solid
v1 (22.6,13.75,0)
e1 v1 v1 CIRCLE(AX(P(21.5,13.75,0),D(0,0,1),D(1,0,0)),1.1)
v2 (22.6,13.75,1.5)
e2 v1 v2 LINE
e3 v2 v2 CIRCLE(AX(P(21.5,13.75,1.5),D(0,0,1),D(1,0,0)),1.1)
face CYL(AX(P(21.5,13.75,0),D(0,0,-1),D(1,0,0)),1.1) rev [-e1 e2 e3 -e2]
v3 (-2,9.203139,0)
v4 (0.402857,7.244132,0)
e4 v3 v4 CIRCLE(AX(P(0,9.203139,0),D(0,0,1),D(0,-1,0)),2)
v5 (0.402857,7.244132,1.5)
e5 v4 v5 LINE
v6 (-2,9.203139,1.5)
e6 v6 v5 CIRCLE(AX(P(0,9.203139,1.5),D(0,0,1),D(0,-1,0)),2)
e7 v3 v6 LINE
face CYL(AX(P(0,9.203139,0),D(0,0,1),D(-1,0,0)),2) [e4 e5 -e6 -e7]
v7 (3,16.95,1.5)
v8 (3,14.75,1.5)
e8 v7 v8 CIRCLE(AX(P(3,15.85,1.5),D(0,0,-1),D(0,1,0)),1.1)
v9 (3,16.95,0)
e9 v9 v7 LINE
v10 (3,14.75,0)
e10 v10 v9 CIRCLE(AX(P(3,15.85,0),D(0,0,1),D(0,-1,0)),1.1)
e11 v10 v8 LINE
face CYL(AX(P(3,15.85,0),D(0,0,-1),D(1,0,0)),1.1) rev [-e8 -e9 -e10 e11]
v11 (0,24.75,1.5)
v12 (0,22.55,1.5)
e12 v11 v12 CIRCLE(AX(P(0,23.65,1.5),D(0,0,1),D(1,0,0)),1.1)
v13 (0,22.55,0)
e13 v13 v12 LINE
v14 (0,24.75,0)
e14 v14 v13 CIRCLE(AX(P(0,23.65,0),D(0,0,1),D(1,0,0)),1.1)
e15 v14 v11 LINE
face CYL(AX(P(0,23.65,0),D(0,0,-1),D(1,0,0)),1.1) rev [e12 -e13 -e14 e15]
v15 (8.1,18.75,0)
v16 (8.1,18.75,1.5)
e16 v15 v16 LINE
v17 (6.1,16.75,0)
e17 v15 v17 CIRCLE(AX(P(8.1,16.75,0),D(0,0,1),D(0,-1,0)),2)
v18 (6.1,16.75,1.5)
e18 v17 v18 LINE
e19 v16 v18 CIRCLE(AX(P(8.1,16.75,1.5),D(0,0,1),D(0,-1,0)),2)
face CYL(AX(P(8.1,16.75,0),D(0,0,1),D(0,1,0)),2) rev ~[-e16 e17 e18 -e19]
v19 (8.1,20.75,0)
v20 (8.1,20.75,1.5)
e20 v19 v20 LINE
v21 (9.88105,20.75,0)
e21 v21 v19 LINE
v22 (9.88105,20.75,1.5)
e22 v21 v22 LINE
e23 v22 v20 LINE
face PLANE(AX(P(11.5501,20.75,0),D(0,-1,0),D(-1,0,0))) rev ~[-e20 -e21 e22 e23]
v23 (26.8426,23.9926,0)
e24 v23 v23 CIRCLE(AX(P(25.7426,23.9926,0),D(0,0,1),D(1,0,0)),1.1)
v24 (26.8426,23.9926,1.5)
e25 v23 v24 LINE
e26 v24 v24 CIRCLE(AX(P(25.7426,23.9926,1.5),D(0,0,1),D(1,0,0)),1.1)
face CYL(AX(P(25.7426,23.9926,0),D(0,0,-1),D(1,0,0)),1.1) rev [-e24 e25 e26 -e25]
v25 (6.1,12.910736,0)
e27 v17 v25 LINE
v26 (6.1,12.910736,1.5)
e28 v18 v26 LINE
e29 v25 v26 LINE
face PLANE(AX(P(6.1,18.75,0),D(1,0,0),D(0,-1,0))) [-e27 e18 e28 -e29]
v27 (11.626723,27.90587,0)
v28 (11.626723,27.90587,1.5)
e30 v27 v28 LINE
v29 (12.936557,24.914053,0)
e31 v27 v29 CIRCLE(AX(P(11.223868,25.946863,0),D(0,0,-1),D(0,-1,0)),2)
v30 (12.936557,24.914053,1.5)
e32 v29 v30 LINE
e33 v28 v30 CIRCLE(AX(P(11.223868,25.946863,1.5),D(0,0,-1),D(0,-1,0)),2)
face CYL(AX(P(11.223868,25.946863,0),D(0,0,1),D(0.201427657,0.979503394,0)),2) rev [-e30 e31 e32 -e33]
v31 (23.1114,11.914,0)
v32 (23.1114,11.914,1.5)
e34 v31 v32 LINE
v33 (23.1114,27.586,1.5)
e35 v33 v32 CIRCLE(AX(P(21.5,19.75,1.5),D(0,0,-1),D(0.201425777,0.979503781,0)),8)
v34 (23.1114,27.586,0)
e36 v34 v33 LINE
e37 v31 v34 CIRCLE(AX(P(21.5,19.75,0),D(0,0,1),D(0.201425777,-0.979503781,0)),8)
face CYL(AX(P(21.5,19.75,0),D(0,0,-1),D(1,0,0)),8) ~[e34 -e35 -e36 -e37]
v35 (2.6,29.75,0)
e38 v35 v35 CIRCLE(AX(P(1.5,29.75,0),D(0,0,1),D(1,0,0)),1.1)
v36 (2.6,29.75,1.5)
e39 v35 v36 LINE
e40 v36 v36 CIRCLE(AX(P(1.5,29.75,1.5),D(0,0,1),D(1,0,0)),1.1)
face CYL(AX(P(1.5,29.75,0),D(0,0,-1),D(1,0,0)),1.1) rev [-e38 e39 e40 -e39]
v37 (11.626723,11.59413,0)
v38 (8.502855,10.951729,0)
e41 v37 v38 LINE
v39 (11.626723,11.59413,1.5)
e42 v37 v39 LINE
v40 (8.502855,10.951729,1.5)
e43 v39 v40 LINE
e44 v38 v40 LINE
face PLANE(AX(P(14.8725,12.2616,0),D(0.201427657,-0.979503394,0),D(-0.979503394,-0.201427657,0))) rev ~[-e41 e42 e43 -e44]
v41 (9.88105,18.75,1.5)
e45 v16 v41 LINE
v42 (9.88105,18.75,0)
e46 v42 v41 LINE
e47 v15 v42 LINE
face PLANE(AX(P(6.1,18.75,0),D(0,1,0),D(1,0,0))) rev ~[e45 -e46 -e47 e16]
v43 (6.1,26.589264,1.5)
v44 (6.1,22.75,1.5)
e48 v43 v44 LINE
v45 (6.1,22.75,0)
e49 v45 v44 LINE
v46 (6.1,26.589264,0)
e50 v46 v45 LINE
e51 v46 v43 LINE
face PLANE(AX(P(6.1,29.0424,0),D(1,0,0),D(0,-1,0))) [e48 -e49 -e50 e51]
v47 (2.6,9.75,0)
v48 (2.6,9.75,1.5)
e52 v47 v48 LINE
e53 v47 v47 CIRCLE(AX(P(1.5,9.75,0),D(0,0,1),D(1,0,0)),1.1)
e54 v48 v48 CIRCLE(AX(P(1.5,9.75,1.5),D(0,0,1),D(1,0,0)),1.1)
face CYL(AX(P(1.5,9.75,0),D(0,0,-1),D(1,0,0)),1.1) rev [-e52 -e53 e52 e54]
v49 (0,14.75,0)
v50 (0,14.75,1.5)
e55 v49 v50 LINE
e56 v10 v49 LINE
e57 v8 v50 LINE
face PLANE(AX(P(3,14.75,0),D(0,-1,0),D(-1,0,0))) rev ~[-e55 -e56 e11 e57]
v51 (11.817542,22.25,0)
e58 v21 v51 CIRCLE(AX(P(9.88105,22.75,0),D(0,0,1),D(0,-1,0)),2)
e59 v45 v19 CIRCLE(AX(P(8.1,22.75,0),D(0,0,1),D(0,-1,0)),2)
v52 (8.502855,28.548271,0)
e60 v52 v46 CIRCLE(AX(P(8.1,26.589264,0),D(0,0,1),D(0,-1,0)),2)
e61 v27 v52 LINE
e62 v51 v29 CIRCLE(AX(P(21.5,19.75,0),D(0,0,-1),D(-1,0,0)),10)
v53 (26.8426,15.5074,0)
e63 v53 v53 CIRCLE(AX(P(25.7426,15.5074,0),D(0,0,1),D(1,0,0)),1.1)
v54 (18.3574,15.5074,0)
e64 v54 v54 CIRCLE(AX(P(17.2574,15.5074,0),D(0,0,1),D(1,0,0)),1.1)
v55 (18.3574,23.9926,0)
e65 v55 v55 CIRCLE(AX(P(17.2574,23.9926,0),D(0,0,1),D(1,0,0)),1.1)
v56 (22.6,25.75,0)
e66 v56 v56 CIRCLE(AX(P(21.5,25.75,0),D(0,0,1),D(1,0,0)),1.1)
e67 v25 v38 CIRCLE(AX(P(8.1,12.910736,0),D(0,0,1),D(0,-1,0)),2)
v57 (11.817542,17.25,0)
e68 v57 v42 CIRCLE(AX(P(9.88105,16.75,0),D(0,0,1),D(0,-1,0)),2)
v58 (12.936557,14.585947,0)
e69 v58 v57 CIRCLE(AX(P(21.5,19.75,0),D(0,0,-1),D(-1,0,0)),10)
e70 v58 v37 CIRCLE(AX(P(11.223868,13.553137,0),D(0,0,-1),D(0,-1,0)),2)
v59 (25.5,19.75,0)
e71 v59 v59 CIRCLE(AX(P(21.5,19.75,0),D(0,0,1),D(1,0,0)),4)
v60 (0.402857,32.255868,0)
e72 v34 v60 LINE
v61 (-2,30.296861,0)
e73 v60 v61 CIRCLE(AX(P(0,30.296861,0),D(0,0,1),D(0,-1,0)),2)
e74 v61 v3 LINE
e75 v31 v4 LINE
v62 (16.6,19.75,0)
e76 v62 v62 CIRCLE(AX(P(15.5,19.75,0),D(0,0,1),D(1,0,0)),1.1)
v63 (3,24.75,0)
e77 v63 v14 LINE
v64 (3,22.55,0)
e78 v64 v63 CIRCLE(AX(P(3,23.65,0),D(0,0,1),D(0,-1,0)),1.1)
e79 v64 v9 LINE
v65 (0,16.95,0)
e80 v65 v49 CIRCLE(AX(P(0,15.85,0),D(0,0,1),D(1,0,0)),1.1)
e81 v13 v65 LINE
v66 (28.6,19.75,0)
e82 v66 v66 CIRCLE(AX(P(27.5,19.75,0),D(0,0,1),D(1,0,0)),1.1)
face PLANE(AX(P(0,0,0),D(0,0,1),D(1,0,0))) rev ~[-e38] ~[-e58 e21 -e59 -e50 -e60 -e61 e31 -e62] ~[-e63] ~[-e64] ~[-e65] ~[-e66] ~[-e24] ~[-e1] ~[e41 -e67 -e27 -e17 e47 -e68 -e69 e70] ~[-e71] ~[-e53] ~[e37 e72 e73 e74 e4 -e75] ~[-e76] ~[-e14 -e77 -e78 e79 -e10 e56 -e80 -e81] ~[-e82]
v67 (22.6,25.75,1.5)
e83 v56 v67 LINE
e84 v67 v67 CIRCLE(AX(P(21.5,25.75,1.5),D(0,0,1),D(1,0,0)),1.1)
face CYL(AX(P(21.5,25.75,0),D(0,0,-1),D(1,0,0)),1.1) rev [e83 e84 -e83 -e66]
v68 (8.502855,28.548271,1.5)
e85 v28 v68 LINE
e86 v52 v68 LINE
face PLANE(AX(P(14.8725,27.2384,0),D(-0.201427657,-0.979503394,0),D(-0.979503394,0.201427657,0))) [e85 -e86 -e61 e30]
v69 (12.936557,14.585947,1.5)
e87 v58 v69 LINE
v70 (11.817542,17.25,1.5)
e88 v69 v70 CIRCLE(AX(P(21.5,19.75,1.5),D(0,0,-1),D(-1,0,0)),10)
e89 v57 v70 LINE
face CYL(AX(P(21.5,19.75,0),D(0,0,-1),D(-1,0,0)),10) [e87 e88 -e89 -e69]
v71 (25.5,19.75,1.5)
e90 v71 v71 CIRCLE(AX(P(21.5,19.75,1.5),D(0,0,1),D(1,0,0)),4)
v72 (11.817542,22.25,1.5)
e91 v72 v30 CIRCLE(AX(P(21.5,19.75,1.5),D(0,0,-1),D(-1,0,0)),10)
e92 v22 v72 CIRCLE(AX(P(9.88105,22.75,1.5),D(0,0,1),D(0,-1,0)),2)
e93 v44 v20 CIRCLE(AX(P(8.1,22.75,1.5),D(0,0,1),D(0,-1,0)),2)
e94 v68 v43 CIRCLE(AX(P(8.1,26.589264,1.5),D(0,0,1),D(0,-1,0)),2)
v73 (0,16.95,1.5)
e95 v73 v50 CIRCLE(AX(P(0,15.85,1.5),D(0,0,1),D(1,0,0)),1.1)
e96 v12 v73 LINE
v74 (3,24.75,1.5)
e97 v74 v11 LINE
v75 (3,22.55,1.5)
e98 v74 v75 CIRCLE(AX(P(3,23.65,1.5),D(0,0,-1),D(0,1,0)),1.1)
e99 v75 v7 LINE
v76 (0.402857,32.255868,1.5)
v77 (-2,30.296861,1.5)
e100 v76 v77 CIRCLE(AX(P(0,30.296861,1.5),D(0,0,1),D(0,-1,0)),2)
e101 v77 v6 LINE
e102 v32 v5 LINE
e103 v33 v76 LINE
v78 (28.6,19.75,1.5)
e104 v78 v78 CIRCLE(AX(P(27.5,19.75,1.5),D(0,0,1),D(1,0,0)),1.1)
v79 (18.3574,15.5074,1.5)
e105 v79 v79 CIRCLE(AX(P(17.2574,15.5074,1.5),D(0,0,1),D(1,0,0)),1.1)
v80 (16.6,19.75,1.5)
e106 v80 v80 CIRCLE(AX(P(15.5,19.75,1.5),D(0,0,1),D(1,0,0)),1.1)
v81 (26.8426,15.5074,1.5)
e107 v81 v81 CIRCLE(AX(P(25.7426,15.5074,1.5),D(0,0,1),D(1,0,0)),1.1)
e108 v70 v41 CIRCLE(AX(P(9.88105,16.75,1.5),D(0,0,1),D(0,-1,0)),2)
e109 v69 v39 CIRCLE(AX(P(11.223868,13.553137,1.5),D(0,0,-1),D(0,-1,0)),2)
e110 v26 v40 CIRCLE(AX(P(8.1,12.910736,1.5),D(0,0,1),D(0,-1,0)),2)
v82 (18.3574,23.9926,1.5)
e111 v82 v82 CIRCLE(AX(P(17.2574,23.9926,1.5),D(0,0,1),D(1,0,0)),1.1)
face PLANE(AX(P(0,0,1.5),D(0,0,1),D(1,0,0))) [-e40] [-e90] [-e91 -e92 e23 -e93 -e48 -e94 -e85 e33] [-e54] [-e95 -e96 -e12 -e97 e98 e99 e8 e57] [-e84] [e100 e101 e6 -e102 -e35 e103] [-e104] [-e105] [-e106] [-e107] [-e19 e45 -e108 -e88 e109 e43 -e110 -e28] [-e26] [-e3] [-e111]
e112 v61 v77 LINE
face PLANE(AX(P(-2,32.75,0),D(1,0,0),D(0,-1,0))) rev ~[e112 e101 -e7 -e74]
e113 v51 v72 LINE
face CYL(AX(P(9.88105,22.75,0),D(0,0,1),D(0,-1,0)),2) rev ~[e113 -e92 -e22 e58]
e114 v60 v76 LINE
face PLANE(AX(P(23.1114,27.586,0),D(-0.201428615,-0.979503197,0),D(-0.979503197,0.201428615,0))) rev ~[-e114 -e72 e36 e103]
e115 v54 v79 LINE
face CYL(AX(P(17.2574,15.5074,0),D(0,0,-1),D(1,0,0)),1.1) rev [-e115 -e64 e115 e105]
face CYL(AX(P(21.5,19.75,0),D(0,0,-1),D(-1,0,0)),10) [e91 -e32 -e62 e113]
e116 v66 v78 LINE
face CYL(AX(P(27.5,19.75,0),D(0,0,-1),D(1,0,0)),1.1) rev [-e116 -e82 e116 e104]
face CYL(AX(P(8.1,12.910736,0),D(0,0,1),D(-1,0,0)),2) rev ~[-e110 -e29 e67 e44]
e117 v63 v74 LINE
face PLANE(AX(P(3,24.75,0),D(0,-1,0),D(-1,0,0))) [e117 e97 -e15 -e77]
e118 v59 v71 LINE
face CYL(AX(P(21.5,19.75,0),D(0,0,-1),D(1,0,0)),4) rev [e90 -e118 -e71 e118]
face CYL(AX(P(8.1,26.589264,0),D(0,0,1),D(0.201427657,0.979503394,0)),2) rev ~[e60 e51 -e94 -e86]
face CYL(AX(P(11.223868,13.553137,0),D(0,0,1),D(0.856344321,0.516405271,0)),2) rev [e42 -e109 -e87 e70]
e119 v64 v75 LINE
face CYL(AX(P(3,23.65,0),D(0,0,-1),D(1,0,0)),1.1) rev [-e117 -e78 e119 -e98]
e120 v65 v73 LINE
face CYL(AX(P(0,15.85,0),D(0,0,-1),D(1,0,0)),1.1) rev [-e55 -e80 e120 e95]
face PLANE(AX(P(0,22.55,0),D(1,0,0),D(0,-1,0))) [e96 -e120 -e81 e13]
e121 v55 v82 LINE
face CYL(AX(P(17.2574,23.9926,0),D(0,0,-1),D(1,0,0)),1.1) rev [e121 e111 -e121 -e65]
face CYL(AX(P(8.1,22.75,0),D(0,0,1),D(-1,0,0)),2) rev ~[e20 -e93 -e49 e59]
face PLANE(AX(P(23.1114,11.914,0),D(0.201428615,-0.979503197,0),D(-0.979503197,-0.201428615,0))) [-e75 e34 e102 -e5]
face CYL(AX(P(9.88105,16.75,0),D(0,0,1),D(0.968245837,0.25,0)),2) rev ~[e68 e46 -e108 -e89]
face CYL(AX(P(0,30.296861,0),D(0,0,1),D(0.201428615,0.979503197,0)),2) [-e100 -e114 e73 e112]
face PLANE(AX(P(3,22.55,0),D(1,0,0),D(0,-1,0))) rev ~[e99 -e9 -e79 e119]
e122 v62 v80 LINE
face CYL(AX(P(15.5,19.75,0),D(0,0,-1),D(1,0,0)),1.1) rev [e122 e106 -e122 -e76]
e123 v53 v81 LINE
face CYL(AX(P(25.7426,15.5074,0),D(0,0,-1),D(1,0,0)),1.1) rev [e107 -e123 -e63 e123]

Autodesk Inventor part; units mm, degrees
ref_plane "YZ Plane" through (0, 0, 0) normal (1, 0, 0) x (0, 1, 0)
ref_plane "XZ Plane" through (0, 0, 0) normal (0, 1, 0) x (-1, 0, 0)
ref_plane "XY Plane" through (0, 0, 0) normal (0, 0, 1) x (1, 0, 0)
sketch "スケッチ1" plane through (0, 0, 0) normal (0, 0, 1) x (1, 0, 0)
  circle A0 centre (1.5, 29.75) radius 0.7835 projected
  circle A1 centre (1.5, 9.75) radius 0.7835 projected
  line L0 (3, 24.75) -> (3, 14.75) projected
  line L1 (0, 24.75) -> (0, 14.75) projected
  line L2 (3, 24.75) -> (0, 24.75) projected
  line L3 (3, 14.75) -> (0, 14.75) projected
  circle A2 centre (3, 23.65) radius 1.1
  line L4 (3, 19.75) -> (0, 19.75) construction
  line L5 (1.5, 19.75) -> (1.5, 24.75) construction
  circle A3 centre (0, 23.65) radius 1.1
  line L6 (3, 14.75) -> (0, 14.75)
  circle A4 centre (3, 15.85) radius 1.1
  circle A5 centre (0, 15.85) radius 1.1
  circle A6 centre (1.5, 29.75) radius 1.1
  circle A7 centre (1.5, 9.75) radius 1.1
  line L7 (5.9977, 32.75) -> (-2, 32.75) construction
  line L8 (-2, 32.75) -> (-2, 6.75)
  line L9 (-2, 6.75) -> (5.9977, 6.75) construction
  line L10 (5.9977, 6.75) -> (5.9977, 32.75) construction
  line L11 (3, 32.75) -> (0, 32.75) projected
  line L12 (0, 6.75) -> (3, 6.75) projected
  circle A8 centre (21.5, 19.75) radius 4
  circle A9 centre (27.5, 19.75) radius 1.1
  circle A10 centre (25.7426, 23.9926) radius 1.1
  circle A11 centre (21.5, 25.75) radius 1.1
  circle A12 centre (17.2574, 23.9926) radius 1.1
  circle A13 centre (15.5, 19.75) radius 1.1
  circle A14 centre (17.2574, 15.5074) radius 1.1
  circle A15 centre (21.5, 13.75) radius 1.1
  circle A16 centre (25.7426, 15.5074) radius 1.1
  circle A17 centre (21.5, 19.75) radius 8
  line L13 (23.1114, 27.586) -> (-2, 32.75)
  line L14 (23.1114, 11.914) -> (-2, 6.75)
  point P0 (0, 0)
  point P1 (1.5, 14.75)
  point P2 (0, 16.95)
  point P3 (0, 22.55)
  point P4 (3, 22.55)
  point P5 (3, 16.95)
  dimension "d0" = 2.2
  dimension "d12" = 16
  dimension "d1" = 2.2
  dimension "d2" = 2
  dimension "d3" = 8
  dimension "d4" = 13
  dimension "d5" = 20
  dimension "d6" = 2.2
  dimension "d7" = 6
  dimension "d10" = 360
extrude "押し出し1" add sketch "スケッチ1" along normal blind 1.5 contours L13 A17 L14 L8 | A17
fillet "フィレット1" radius 2 2 edges at (-2, 32.75, 0.75) (-2, 6.75, 0.75)
sketch "スケッチ2" plane through (0, 0, 0) normal (0, 0, -1) x (-1, 0, 0)
  circle A0 centre (-21.5, 19.75) radius 4 projected
  circle A1 centre (-21.5, 19.75) radius 8
  line L0 (-23.1114, 27.586) -> (-0.4029, 32.2559) projected
  line L1 (-6.1, 31.0843) -> (-6.1, 8.4157)
  arc A2 (-3, 24.75) -> (-3, 22.55) centre (-3, 23.65) ccw projected
  line L2 (-0.4029, 7.2441) -> (-23.1114, 11.914) projected
  circle A3 centre (-21.5, 19.75) radius 10
  line L3 (-14.8725, 27.2384) -> (-6.1, 29.0424)
  line L4 (-6.1, 19.75) -> (-11.5, 19.75) construction
  line L5 (-14.8725, 12.2616) -> (-6.1, 10.4576)
  line L6 (-6.0499, 18.75) -> (-11.5501, 18.75)
  line L7 (-11.5501, 18.75) -> (-11.5501, 20.75)
  line L8 (-11.5501, 20.75) -> (-6.0499, 20.75)
  line L9 (-6.0499, 20.75) -> (-6.0499, 18.75)
  line L10 (-6.0499, 18.75) -> (-11.5501, 20.75) construction
  line L11 (-11.5501, 18.75) -> (-6.0499, 20.75) construction
  point P0 (0, 0)
  point P1 (-4.1, 23.65)
  point P2 (-8.8, 19.75)
  point P3 (-6.1, 18.75)
  point P4 (-6.1, 20.75)
  dimension "d16" = 2
  dimension "d17" = 2
  dimension "d18" = 2
  dimension "d22" = 2
extrude "押し出し2" cut sketch "スケッチ2" against normal blind 1.5 contours L3 L1 L8 A3 | A3 L6 L1 L5
fillet "フィレット2" radius 2 8 edges at (14.8725, 27.2384, 0.75) (14.8725, 12.2616, 0.75) (6.1, 10.4576, 0.75) (6.1, 29.0424, 0.75) (11.5501, 20.75, 0.75) (6.1, 20.75, 0.75) (6.1, 18.75, 0.75) (11.5501, 18.75, 0.75)
equation "\"d18\" = d17"
properties part number "kata_new_1.5" material "アルミニウム 2014-T4"
